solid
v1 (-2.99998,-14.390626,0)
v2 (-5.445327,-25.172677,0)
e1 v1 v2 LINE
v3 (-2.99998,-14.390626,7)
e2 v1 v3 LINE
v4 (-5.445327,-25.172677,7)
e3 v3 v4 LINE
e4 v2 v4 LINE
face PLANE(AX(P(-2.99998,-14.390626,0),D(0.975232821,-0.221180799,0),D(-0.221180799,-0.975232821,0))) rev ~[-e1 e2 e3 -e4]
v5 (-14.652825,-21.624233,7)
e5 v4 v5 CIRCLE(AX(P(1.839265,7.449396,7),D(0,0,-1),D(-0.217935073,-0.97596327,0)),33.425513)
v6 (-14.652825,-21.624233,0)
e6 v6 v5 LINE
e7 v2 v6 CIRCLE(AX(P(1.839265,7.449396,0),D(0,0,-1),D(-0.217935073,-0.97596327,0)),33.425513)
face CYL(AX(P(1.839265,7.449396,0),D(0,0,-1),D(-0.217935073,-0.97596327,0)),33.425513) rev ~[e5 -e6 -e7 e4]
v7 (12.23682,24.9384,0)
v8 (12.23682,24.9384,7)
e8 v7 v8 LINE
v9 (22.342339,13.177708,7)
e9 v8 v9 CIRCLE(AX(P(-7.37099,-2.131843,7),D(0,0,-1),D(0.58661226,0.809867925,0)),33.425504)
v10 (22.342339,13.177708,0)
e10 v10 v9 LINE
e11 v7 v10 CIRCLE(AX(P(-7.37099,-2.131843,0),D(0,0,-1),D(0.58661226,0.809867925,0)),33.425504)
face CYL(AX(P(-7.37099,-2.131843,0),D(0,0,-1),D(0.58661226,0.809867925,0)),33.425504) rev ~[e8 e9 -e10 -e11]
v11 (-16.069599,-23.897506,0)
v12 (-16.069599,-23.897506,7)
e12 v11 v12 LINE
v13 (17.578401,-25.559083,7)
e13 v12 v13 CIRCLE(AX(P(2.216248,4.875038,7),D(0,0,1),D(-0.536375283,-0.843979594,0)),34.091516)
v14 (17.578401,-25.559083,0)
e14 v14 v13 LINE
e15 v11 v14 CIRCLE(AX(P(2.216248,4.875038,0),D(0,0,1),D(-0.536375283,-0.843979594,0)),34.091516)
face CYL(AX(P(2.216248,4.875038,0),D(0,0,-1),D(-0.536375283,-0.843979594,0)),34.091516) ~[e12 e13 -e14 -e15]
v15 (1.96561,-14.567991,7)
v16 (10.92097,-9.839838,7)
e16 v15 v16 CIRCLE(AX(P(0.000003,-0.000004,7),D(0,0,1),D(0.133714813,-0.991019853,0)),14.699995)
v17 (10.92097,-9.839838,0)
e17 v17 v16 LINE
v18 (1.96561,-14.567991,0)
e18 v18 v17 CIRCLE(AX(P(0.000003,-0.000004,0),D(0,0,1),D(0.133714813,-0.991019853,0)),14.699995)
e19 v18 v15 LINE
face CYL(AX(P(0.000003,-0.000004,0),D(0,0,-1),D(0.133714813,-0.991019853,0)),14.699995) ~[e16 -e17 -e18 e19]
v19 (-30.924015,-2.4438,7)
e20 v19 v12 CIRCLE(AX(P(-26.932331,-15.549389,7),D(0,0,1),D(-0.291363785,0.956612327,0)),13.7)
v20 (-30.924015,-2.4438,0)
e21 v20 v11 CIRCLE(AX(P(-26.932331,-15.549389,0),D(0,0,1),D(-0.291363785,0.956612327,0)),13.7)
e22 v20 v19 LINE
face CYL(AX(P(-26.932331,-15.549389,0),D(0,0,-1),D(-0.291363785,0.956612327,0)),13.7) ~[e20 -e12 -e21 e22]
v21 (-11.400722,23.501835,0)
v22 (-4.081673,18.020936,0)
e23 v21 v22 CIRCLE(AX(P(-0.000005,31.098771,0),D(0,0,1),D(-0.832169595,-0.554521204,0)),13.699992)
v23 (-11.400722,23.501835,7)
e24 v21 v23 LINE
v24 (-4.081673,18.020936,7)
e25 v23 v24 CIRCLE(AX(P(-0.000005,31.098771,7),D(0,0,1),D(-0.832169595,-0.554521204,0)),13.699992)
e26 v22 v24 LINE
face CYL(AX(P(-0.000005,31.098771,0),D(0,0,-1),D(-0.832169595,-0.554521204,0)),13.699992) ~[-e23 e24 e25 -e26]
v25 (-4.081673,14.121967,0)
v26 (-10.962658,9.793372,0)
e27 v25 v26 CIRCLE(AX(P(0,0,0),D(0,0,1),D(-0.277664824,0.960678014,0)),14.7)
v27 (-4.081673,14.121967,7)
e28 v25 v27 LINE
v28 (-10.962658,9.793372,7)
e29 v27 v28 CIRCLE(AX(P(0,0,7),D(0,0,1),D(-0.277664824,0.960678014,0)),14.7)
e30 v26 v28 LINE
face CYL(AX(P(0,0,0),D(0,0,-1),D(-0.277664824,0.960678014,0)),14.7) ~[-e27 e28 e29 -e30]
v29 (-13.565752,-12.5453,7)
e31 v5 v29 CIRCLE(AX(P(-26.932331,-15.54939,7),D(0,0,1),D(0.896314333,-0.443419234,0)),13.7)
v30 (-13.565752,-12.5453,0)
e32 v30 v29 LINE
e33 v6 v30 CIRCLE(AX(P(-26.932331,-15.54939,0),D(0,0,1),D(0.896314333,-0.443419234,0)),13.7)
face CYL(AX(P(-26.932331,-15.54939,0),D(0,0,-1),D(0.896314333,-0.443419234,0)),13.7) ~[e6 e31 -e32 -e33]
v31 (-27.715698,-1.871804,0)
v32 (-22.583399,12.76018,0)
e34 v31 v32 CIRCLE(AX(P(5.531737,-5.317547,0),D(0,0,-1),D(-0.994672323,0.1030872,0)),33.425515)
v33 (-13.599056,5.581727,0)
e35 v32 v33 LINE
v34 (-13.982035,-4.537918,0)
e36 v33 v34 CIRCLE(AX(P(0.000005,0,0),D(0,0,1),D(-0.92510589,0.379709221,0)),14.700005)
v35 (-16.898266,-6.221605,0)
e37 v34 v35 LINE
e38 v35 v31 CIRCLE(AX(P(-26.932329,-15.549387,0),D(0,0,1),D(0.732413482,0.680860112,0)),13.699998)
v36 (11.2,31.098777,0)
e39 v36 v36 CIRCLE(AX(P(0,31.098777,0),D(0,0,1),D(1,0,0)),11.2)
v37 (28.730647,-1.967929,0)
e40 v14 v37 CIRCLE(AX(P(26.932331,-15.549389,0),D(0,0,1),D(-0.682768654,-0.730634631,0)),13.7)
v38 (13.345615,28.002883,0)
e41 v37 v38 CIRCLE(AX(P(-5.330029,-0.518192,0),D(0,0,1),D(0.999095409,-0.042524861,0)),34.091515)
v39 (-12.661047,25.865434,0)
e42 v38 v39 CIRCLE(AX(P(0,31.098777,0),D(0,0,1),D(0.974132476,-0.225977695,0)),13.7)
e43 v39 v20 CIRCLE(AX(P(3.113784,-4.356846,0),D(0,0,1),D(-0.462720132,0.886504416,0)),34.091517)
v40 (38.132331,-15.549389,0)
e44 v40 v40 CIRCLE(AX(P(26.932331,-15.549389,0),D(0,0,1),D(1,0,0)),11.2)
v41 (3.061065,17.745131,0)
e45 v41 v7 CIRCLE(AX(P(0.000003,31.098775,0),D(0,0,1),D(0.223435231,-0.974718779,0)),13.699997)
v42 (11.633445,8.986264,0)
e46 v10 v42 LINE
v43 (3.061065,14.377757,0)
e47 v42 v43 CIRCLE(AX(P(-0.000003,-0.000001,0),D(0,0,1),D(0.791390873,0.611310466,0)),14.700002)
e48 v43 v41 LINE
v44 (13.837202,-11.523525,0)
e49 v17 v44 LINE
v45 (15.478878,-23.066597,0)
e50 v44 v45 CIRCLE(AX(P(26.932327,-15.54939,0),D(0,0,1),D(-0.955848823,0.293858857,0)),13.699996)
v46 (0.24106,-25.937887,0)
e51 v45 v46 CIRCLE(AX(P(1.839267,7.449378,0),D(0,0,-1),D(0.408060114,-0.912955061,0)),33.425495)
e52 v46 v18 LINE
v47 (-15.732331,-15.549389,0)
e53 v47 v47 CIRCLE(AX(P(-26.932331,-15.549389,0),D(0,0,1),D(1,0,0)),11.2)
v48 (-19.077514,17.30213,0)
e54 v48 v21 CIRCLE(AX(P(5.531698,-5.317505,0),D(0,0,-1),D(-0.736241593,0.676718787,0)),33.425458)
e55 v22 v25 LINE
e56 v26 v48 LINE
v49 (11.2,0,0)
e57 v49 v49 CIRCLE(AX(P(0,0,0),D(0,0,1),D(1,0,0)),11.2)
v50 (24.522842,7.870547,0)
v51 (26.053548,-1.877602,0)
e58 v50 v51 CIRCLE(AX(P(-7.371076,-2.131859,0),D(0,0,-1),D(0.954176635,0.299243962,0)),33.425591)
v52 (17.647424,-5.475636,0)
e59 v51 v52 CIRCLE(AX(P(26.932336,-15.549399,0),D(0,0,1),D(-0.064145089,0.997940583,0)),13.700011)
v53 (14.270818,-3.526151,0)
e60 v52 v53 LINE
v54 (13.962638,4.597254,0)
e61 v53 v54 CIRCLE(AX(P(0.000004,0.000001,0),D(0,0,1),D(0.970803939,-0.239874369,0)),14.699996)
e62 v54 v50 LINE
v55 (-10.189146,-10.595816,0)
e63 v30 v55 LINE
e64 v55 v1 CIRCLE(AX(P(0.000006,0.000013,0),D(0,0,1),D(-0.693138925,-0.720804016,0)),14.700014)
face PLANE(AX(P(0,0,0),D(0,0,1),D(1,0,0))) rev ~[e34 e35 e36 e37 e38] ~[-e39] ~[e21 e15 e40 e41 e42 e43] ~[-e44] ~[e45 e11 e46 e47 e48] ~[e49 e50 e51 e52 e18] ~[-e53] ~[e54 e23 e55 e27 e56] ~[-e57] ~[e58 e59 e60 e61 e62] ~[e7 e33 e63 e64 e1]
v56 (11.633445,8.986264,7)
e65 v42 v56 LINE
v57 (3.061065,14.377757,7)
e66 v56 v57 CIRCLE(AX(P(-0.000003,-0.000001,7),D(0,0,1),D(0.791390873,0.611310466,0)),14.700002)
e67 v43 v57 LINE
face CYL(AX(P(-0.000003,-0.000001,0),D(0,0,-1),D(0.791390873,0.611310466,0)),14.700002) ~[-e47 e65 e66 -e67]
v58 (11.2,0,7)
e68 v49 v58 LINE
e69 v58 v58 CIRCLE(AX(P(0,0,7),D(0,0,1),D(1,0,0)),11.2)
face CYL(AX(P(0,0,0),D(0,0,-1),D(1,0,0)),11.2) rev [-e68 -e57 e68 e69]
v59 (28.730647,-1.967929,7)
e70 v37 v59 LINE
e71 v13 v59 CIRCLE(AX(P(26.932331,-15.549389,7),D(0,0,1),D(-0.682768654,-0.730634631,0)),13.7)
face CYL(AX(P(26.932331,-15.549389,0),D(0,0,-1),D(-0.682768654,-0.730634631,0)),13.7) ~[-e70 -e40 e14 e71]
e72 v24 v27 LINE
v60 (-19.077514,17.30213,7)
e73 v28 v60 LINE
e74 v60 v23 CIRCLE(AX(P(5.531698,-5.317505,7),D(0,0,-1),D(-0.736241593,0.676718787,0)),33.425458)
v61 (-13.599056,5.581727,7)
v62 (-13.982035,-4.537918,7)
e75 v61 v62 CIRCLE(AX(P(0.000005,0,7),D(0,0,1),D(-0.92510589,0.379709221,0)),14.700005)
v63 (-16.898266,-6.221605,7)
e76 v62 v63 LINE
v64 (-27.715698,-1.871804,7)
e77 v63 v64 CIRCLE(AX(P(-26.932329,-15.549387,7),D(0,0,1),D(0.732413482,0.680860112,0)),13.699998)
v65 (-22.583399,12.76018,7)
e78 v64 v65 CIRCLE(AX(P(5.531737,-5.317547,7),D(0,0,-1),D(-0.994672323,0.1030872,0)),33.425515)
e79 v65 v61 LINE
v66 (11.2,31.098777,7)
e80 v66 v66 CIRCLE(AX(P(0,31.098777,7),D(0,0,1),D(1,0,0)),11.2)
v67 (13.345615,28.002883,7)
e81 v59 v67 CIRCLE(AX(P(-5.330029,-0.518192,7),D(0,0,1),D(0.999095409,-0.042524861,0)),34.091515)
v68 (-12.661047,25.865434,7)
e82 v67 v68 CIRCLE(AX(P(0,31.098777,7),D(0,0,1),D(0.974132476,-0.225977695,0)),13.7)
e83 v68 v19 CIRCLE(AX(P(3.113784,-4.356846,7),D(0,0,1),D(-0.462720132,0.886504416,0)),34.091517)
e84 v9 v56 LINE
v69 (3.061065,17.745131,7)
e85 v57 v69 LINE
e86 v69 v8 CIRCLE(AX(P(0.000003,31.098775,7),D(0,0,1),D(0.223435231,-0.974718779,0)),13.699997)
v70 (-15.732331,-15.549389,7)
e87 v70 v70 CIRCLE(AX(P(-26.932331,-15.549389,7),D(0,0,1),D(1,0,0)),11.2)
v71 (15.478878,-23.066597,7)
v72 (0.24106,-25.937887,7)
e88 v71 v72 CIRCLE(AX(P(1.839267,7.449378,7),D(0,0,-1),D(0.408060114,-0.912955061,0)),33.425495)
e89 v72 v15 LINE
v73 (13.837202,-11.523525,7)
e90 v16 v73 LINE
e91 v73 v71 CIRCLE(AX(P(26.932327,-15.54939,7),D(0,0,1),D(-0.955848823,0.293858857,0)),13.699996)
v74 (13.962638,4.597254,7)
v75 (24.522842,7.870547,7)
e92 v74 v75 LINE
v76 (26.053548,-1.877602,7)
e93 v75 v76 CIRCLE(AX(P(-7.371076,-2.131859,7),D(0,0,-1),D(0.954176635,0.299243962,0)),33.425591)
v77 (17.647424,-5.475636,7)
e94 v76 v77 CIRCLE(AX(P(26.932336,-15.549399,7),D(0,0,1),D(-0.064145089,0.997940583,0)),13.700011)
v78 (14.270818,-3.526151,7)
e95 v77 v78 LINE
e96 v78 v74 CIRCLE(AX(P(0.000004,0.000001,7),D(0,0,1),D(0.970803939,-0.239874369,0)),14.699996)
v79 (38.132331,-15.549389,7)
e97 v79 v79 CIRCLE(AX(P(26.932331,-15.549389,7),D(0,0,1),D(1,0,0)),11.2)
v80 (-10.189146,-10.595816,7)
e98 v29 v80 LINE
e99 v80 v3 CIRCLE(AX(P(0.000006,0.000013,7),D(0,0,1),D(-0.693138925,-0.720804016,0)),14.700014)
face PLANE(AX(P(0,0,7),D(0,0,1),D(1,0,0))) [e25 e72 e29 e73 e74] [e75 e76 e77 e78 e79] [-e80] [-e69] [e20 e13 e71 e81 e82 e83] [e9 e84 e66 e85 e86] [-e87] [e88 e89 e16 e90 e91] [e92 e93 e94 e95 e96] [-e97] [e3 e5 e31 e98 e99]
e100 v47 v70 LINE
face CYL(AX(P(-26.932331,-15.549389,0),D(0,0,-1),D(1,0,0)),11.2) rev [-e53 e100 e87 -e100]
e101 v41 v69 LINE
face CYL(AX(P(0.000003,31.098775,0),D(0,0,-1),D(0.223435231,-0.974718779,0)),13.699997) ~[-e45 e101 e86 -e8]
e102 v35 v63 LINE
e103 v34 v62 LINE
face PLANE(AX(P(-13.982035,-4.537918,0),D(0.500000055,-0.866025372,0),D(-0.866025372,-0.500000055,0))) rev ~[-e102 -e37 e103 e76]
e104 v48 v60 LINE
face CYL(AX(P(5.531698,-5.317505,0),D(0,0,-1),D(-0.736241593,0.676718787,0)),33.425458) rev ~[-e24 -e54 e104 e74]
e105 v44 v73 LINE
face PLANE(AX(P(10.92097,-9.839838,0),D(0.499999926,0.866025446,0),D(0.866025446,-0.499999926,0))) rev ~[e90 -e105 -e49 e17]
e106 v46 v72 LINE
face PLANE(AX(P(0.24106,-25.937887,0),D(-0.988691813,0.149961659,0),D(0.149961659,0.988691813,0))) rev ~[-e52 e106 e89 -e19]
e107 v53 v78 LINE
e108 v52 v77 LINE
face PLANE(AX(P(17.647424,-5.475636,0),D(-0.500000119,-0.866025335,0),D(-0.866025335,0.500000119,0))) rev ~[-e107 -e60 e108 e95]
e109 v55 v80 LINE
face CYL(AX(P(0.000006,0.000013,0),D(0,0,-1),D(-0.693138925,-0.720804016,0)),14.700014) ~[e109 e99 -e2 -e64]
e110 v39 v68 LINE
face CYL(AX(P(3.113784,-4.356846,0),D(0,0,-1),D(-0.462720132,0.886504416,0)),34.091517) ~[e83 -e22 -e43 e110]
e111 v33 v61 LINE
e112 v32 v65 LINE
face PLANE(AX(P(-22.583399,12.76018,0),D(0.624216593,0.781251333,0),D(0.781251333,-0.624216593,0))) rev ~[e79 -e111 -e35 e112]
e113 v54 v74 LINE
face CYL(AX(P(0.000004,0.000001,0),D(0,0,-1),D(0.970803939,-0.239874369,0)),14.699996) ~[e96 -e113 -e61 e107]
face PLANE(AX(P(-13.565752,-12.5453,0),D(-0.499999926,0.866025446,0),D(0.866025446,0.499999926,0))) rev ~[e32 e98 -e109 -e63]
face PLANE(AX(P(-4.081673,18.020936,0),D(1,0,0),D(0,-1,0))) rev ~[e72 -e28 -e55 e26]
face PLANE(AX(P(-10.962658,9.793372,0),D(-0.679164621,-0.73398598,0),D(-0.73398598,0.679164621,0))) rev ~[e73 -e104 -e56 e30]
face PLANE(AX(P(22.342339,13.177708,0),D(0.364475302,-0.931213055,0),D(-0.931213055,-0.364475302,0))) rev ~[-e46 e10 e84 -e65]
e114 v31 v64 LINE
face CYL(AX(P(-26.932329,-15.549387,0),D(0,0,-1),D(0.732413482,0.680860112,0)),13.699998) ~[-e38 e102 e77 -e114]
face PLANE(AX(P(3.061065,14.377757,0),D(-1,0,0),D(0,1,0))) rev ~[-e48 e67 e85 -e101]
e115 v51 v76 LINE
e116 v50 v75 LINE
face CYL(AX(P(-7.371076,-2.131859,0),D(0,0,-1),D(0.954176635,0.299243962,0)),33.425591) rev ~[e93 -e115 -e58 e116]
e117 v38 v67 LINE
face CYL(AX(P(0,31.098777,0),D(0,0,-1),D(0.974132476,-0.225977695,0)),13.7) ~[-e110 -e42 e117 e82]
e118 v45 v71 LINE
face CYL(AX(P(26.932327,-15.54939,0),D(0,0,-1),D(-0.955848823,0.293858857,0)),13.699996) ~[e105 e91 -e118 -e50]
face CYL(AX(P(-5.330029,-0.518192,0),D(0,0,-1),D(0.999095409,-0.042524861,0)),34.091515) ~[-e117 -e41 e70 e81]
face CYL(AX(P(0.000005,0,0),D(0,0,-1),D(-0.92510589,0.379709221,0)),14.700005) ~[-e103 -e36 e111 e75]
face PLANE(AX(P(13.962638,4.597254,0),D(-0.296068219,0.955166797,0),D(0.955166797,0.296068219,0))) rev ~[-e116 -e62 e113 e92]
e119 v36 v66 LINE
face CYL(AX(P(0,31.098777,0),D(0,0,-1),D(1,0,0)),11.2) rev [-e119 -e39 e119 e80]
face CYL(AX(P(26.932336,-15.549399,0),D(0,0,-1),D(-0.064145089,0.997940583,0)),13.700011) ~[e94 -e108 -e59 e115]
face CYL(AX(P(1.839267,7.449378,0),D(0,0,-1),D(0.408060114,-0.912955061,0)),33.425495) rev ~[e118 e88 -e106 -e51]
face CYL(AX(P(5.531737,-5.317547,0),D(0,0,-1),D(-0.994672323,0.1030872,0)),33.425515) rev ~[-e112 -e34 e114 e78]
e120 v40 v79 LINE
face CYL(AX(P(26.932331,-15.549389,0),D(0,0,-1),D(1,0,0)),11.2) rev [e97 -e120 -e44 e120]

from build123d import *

# Parameters (mm, degrees)
F0_R     = 11.2
F1_DEPTH = 7


with BuildPart() as f1:
    # F0 (on Top) → F1 (new body)
    with BuildSketch(Plane.XY):
        with BuildLine():
            ThreePointArc((28.730647, -1.967929), (24.998872, 15.05066), (13.345615, 28.002883))
            ThreePointArc((13.345615, 28.002883), (-1.122199, 44.752739), (-12.661047, 25.865434))
            ThreePointArc((-12.661047, 25.865434), (-25.533689, 14.124328), (-30.924015, -2.4438))
            ThreePointArc((-30.924015, -2.4438), (-38.19591, -23.348222), (-16.069599, -23.897506))
            ThreePointArc((-16.069599, -23.897506), (0.534818, -29.174988), (17.578401, -25.559083))
            ThreePointArc((17.578401, -25.559083), (39.318108, -21.404517), (28.730647, -1.967929))
        make_face()
        with Locations((-26.932331, -15.549389)):
            Circle(F0_R, mode=Mode.SUBTRACT)
        with BuildLine():
            ThreePointArc((-14.652825, -21.624233), (-13.329494, -17.178136), (-13.565752, -12.5453))
            Line((-13.565752, -12.5453), (-10.189146, -10.595816))
            ThreePointArc((-10.189146, -10.595816), (-6.862099, -13.000061), (-2.99998, -14.390626))
            Line((-2.99998, -14.390626), (-5.445327, -25.172677))
            ThreePointArc((-5.445327, -25.172677), (-10.18074, -23.740096), (-14.652825, -21.624233))
        make_face(mode=Mode.SUBTRACT)
        with BuildLine():
            Line((-22.583399, 12.76018), (-13.599056, 5.581727))
            ThreePointArc((-13.599056, 5.581727), (-14.689484, 0.555925), (-13.982035, -4.537918))
            Line((-13.982035, -4.537918), (-16.898266, -6.221605))
            ThreePointArc((-16.898266, -6.221605), (-21.821162, -2.838529), (-27.715698, -1.871804))
            ThreePointArc((-27.715698, -1.871804), (-26.009744, 5.745909), (-22.583399, 12.76018))
        make_face(mode=Mode.SUBTRACT)
        with BuildLine():
            Line((10.92097, -9.839838), (13.837202, -11.523525))
            ThreePointArc((13.837202, -11.523525), (13.368819, -17.478416), (15.478878, -23.066597))
            ThreePointArc((15.478878, -23.066597), (8.028769, -25.398054), (0.24106, -25.937887))
            Line((0.24106, -25.937887), (1.96561, -14.567991))
            ThreePointArc((1.96561, -14.567991), (6.863297, -12.999429), (10.92097, -9.839838))
        make_face(mode=Mode.SUBTRACT)
        with Locations((26.932331, -15.549389)):
            Circle(F0_R, mode=Mode.SUBTRACT)
        Circle(F0_R, mode=Mode.SUBTRACT)
        with BuildLine():
            ThreePointArc((24.522842, 7.870547), (25.649896, 3.053268), (26.053548, -1.877602))
            ThreePointArc((26.053548, -1.877602), (21.541449, -2.954613), (17.647424, -5.475636))
            Line((17.647424, -5.475636), (14.270818, -3.526151))
            ThreePointArc((14.270818, -3.526151), (14.689433, 0.557278), (13.962638, 4.597254))
            Line((13.962638, 4.597254), (24.522842, 7.870547))
        make_face(mode=Mode.SUBTRACT)
        with BuildLine():
            ThreePointArc((-11.400722, 23.501835), (-8.211955, 20.132748), (-4.081673, 18.020936))
            Line((-4.081673, 18.020936), (-4.081673, 14.121967))
            ThreePointArc((-4.081673, 14.121967), (-7.827334, 12.442783), (-10.962658, 9.793372))
            Line((-10.962658, 9.793372), (-19.077514, 17.30213))
            ThreePointArc((-19.077514, 17.30213), (-15.469156, 20.686828), (-11.400722, 23.501835))
        make_face(mode=Mode.SUBTRACT)
        with BuildLine():
            Line((22.342339, 13.177708), (11.633445, 8.986264))
            ThreePointArc((11.633445, 8.986264), (7.826187, 12.443504), (3.061065, 14.377757))
            Line((3.061065, 14.377757), (3.061065, 17.745131))
            ThreePointArc((3.061065, 17.745131), (8.452343, 20.316945), (12.23682, 24.9384))
            ThreePointArc((12.23682, 24.9384), (17.980976, 19.652144), (22.342339, 13.177708))
        make_face(mode=Mode.SUBTRACT)
        with Locations((0, 31.098777)):
            Circle(F0_R, mode=Mode.SUBTRACT)
    extrude(amount=F1_DEPTH)


solid = f1.part
